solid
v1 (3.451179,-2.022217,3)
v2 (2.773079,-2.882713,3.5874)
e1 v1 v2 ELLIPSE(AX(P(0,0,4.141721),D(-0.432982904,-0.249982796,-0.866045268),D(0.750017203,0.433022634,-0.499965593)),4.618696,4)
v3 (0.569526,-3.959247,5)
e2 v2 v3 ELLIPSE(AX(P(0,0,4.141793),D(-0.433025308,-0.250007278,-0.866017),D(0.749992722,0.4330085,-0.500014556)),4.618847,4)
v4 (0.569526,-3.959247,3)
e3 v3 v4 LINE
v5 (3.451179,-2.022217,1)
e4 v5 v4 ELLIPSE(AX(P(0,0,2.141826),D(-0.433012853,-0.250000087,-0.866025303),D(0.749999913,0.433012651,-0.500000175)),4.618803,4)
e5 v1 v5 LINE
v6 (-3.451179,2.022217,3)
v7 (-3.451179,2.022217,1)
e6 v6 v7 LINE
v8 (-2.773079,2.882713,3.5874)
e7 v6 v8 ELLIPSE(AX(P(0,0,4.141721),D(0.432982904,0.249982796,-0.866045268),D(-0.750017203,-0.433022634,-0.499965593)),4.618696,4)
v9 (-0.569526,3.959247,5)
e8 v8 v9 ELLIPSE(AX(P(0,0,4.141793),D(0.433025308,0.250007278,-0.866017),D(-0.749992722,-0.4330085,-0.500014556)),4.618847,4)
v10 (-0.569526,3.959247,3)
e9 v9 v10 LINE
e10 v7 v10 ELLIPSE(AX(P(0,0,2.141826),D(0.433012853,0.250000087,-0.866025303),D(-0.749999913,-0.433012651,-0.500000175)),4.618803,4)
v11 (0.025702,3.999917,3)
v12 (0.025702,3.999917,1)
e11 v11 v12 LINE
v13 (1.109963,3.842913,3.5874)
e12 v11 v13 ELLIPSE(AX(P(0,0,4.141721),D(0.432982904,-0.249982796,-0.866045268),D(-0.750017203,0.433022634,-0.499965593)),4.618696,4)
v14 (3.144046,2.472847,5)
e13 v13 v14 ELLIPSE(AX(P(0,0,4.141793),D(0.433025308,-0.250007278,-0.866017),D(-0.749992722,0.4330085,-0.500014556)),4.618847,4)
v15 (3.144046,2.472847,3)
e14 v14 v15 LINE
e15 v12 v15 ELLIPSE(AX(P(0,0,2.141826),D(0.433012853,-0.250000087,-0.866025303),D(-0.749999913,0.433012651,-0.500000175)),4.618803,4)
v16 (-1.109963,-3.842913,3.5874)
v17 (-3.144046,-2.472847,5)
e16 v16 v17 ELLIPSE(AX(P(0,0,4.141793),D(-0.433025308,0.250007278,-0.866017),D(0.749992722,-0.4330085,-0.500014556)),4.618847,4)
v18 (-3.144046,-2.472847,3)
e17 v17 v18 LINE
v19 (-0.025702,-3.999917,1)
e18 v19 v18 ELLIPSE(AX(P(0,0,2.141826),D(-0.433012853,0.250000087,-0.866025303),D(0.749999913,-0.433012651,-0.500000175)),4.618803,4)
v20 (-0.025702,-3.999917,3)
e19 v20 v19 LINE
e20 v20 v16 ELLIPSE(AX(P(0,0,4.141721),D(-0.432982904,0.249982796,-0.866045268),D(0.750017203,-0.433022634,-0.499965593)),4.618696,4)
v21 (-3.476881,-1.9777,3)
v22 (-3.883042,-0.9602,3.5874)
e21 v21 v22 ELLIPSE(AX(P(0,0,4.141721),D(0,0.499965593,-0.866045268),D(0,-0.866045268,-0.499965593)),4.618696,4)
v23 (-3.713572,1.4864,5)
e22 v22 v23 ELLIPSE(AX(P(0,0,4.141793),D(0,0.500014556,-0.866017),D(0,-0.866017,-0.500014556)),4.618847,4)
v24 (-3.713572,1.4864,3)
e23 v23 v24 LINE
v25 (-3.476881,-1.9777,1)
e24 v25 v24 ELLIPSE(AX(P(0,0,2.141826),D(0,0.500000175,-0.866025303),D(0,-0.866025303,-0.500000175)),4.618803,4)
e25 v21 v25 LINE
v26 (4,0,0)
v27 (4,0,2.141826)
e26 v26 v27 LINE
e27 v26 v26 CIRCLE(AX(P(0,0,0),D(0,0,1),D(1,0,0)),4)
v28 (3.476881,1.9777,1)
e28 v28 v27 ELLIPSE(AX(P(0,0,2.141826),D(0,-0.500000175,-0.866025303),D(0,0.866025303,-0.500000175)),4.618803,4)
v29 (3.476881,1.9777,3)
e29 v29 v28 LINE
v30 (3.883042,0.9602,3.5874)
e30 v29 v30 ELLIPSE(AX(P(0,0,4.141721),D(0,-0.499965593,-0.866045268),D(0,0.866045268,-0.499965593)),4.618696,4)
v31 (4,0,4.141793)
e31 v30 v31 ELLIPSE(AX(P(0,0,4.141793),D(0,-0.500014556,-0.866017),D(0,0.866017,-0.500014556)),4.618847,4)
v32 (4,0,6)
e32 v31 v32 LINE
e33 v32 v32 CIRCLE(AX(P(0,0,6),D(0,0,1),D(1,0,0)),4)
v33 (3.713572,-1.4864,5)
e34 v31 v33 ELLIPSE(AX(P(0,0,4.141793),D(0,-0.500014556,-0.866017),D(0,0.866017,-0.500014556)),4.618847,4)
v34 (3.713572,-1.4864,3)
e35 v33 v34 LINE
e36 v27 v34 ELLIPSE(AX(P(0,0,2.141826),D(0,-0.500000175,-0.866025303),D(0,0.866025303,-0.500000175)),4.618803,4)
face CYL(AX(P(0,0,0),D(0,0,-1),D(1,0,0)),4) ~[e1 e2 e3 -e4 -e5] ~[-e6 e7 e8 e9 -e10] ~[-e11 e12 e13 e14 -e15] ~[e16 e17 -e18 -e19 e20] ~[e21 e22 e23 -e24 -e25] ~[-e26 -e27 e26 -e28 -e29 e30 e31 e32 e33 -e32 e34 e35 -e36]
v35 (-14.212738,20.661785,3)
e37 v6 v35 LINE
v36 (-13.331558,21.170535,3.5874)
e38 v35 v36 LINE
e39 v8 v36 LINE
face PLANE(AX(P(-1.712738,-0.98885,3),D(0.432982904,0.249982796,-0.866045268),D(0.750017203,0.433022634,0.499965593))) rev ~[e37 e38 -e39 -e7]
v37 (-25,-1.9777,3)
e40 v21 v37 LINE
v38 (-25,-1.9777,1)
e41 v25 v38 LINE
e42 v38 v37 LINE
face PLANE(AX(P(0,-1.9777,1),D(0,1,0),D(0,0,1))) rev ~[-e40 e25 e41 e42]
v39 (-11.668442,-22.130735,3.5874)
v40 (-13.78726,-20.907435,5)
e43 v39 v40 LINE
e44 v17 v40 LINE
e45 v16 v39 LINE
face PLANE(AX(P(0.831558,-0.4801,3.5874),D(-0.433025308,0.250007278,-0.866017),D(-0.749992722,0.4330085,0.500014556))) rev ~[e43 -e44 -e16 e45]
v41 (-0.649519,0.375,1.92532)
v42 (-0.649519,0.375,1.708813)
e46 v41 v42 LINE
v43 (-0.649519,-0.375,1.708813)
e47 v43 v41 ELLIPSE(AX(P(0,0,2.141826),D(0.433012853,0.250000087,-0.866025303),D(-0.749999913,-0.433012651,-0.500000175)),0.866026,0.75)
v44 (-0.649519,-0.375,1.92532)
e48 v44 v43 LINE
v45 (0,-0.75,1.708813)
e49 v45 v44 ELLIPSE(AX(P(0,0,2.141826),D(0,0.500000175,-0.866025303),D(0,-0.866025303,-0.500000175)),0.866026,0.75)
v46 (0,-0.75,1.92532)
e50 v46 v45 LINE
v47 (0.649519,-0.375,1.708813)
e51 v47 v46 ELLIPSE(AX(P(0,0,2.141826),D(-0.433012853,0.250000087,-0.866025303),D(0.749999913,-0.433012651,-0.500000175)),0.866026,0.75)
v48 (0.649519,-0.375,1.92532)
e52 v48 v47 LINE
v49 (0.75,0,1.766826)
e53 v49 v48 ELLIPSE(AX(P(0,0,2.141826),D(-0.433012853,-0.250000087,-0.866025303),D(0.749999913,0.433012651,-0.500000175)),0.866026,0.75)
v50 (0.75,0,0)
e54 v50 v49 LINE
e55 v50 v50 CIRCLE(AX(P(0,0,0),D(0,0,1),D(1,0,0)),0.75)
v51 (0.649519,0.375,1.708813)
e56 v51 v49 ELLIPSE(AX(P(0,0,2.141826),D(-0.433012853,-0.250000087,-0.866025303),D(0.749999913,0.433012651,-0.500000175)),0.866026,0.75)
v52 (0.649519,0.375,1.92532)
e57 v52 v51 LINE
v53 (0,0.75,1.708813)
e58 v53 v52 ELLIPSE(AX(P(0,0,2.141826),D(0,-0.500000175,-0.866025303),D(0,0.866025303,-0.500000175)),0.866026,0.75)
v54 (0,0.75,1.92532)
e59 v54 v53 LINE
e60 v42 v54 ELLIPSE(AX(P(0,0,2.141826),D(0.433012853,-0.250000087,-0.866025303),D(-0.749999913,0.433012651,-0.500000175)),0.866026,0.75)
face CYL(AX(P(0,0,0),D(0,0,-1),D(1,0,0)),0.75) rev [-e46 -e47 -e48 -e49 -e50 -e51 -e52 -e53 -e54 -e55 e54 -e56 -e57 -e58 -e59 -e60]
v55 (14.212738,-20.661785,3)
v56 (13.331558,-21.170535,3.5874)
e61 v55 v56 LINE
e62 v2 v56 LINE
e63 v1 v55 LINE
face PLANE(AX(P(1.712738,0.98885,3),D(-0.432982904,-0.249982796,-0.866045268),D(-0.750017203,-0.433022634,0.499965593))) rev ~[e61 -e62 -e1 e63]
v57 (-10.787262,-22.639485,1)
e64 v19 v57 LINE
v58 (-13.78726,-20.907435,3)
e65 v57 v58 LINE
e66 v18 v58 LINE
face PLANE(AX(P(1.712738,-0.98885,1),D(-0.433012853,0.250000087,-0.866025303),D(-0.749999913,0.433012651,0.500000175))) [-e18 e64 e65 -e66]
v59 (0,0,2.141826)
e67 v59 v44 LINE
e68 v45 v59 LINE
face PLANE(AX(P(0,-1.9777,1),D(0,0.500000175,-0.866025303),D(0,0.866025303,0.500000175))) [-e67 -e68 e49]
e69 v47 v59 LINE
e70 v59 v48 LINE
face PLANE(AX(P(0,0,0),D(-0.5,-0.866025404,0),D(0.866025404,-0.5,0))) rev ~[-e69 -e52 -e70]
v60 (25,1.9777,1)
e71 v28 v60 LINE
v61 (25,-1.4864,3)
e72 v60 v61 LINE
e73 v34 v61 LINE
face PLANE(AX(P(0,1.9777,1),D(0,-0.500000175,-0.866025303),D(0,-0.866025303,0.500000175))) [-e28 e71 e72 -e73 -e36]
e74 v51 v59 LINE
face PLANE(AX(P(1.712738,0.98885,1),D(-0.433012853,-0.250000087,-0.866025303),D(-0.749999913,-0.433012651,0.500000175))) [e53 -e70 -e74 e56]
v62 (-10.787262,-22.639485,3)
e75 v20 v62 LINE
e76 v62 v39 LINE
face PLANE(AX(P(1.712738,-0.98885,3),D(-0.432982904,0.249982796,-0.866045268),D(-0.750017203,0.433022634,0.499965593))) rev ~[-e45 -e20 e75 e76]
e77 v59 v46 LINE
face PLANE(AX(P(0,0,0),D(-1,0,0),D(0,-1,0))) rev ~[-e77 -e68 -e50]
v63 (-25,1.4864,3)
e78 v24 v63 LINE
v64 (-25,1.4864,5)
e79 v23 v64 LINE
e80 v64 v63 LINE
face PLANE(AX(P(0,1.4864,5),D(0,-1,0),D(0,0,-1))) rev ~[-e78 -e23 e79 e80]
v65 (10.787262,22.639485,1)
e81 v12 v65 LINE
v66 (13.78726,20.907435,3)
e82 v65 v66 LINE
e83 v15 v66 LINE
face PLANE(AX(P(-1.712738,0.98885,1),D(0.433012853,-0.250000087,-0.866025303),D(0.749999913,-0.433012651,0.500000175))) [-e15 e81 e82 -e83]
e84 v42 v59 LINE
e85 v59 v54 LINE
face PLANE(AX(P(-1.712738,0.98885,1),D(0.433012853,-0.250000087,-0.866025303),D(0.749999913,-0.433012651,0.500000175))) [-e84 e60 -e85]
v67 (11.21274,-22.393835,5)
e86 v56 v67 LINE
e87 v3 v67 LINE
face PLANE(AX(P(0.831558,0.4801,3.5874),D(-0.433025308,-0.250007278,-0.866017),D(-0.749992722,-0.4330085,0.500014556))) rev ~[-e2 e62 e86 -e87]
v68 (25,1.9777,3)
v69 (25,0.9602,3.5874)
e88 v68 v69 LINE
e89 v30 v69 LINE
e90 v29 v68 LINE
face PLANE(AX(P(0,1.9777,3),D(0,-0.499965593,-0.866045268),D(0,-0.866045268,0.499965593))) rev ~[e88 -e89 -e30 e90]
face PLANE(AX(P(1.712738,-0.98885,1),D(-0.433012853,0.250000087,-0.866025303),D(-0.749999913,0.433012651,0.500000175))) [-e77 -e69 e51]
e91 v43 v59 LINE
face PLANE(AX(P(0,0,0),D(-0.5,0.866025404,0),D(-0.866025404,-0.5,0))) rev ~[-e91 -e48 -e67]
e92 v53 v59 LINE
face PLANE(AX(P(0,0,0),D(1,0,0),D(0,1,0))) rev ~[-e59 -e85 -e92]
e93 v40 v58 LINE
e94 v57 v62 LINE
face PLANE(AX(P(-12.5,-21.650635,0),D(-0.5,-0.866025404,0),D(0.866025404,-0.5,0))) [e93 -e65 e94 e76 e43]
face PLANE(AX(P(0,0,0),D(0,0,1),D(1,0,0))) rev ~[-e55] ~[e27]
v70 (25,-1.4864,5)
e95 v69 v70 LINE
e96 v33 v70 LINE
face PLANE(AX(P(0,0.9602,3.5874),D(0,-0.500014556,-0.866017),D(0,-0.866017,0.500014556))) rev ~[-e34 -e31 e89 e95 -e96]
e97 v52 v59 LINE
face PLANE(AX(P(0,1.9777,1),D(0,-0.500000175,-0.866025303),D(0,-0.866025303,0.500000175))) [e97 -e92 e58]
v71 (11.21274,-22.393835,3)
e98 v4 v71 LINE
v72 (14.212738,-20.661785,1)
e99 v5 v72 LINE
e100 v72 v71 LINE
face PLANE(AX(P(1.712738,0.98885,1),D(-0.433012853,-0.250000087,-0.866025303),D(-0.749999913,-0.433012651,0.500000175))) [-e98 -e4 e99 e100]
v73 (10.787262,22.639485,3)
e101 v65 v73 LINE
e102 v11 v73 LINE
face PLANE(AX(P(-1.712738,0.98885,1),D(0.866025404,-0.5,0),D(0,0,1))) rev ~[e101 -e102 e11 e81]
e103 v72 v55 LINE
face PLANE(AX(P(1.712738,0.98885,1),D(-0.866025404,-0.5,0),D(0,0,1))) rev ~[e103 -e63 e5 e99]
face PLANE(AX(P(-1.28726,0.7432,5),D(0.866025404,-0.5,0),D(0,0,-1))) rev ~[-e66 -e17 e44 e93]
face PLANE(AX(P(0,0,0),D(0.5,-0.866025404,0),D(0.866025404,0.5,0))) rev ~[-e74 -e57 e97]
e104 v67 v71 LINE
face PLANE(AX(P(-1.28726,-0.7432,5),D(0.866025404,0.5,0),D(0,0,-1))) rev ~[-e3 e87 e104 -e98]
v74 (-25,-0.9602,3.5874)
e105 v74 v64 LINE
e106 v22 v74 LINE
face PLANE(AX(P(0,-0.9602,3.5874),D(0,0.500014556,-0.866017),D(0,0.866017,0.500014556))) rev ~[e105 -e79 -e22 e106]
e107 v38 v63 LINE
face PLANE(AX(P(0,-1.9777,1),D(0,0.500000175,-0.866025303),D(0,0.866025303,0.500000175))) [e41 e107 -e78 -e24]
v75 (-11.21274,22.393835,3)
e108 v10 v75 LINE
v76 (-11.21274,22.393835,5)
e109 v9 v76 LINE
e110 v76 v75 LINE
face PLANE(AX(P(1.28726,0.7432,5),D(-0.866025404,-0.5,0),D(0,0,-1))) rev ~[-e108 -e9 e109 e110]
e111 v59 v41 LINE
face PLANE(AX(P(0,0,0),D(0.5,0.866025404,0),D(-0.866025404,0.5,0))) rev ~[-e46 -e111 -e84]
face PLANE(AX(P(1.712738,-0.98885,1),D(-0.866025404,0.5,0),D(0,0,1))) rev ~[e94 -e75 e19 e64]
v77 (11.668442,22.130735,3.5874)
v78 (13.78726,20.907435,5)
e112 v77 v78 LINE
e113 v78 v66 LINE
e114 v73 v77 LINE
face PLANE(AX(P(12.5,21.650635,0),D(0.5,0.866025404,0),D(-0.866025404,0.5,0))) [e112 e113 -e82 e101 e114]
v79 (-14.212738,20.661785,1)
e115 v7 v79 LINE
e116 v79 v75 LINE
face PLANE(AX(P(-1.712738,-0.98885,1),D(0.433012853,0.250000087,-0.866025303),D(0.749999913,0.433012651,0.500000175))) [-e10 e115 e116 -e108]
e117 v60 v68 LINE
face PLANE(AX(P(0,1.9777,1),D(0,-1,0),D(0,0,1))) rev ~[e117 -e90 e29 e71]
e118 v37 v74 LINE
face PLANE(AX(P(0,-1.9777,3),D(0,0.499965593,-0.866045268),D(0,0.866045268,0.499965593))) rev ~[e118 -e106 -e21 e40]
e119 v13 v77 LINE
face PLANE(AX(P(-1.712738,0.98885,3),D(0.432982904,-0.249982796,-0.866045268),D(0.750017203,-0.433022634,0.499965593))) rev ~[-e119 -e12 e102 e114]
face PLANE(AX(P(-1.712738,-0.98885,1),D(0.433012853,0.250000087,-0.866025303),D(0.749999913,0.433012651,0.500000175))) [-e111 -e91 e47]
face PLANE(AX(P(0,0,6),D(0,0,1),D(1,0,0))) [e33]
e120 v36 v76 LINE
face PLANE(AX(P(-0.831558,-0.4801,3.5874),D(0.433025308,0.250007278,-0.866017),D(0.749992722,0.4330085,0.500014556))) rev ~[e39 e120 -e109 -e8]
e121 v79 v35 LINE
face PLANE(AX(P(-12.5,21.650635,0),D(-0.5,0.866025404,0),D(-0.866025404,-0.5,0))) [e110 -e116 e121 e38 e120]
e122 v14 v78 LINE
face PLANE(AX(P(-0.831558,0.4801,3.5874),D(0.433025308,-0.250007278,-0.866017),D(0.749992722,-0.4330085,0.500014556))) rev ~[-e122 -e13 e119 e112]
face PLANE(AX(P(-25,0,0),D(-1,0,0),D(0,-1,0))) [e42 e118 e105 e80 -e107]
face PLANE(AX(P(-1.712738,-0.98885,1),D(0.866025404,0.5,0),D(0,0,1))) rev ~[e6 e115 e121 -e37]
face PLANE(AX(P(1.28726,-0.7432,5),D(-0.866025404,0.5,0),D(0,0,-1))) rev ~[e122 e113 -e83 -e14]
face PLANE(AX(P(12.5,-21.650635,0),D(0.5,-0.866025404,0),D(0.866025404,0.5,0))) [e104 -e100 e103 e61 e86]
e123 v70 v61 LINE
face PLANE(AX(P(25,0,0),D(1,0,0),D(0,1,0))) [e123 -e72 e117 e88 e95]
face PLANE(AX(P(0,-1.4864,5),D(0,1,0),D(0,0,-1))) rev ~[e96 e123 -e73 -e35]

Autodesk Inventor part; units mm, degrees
ref_plane "XZ Plane" through (0, 0, 0) normal (0, 1, 0) x (-1, 0, 0)
ref_plane "XY Plane" through (0, 0, 0) normal (0, 0, 1) x (1, 0, 0)
sketch "Sketch1" plane through (0, 0, 0) normal (0, 0, 1) x (1, 0, 0)
  circle A0 centre (0, 0) radius 0.75
  circle A1 centre (0, 0) radius 4
  dimension "d0" = 1.5
  dimension "d1" = 8
extrude "Extrusion1" add sketch "Sketch1" along normal blind 6 contours A0 | A1
extrude "Extrusion2" cut sketch "Sketch1" along normal blind 4 contours A0
ref_plane "Work Plane1" through (0, 0, 0) normal (1, 0, 0) x (0, 1, 0)
sketch "Sketch2" plane through (0, 0, 0) normal (1, 0, 0) x (0, 1, 0)
  line L0 (1.9777, 1) -> (-1.4864, 3)
  line L1 (1.9777, 1) -> (5.9777, 1) construction
  line L2 (1.9777, 1) -> (1.9777, 3)
  line L3 (1.9777, 3) -> (0.9602, 3.5874)
  line L4 (-4, 0) -> (4, 0) projected
  line L5 (0.9602, 3.5874) -> (-1.4864, 5)
  line L6 (-1.4864, 5) -> (-1.4864, 3)
  line L7 (-4, 6) -> (4, 6) projected
  point P0 (0, 0)
  dimension "d7" = 150
  dimension "d8" = 2
  dimension "d9" = 1
  dimension "d10" = 1
extrude "Extrusion3" add sketch "Sketch2" along normal blind 25
sketch "Sketch3" plane through (0, 0, 0) normal (1, 0, 0) x (0, 1, 0)
  point P0 (0, 0)
pattern_circular "Circular Pattern1" count 6 over 360 about axis through (0, 0, 0) along (0, 0, 1) of "Extrusion3"
properties part number "propeler"
